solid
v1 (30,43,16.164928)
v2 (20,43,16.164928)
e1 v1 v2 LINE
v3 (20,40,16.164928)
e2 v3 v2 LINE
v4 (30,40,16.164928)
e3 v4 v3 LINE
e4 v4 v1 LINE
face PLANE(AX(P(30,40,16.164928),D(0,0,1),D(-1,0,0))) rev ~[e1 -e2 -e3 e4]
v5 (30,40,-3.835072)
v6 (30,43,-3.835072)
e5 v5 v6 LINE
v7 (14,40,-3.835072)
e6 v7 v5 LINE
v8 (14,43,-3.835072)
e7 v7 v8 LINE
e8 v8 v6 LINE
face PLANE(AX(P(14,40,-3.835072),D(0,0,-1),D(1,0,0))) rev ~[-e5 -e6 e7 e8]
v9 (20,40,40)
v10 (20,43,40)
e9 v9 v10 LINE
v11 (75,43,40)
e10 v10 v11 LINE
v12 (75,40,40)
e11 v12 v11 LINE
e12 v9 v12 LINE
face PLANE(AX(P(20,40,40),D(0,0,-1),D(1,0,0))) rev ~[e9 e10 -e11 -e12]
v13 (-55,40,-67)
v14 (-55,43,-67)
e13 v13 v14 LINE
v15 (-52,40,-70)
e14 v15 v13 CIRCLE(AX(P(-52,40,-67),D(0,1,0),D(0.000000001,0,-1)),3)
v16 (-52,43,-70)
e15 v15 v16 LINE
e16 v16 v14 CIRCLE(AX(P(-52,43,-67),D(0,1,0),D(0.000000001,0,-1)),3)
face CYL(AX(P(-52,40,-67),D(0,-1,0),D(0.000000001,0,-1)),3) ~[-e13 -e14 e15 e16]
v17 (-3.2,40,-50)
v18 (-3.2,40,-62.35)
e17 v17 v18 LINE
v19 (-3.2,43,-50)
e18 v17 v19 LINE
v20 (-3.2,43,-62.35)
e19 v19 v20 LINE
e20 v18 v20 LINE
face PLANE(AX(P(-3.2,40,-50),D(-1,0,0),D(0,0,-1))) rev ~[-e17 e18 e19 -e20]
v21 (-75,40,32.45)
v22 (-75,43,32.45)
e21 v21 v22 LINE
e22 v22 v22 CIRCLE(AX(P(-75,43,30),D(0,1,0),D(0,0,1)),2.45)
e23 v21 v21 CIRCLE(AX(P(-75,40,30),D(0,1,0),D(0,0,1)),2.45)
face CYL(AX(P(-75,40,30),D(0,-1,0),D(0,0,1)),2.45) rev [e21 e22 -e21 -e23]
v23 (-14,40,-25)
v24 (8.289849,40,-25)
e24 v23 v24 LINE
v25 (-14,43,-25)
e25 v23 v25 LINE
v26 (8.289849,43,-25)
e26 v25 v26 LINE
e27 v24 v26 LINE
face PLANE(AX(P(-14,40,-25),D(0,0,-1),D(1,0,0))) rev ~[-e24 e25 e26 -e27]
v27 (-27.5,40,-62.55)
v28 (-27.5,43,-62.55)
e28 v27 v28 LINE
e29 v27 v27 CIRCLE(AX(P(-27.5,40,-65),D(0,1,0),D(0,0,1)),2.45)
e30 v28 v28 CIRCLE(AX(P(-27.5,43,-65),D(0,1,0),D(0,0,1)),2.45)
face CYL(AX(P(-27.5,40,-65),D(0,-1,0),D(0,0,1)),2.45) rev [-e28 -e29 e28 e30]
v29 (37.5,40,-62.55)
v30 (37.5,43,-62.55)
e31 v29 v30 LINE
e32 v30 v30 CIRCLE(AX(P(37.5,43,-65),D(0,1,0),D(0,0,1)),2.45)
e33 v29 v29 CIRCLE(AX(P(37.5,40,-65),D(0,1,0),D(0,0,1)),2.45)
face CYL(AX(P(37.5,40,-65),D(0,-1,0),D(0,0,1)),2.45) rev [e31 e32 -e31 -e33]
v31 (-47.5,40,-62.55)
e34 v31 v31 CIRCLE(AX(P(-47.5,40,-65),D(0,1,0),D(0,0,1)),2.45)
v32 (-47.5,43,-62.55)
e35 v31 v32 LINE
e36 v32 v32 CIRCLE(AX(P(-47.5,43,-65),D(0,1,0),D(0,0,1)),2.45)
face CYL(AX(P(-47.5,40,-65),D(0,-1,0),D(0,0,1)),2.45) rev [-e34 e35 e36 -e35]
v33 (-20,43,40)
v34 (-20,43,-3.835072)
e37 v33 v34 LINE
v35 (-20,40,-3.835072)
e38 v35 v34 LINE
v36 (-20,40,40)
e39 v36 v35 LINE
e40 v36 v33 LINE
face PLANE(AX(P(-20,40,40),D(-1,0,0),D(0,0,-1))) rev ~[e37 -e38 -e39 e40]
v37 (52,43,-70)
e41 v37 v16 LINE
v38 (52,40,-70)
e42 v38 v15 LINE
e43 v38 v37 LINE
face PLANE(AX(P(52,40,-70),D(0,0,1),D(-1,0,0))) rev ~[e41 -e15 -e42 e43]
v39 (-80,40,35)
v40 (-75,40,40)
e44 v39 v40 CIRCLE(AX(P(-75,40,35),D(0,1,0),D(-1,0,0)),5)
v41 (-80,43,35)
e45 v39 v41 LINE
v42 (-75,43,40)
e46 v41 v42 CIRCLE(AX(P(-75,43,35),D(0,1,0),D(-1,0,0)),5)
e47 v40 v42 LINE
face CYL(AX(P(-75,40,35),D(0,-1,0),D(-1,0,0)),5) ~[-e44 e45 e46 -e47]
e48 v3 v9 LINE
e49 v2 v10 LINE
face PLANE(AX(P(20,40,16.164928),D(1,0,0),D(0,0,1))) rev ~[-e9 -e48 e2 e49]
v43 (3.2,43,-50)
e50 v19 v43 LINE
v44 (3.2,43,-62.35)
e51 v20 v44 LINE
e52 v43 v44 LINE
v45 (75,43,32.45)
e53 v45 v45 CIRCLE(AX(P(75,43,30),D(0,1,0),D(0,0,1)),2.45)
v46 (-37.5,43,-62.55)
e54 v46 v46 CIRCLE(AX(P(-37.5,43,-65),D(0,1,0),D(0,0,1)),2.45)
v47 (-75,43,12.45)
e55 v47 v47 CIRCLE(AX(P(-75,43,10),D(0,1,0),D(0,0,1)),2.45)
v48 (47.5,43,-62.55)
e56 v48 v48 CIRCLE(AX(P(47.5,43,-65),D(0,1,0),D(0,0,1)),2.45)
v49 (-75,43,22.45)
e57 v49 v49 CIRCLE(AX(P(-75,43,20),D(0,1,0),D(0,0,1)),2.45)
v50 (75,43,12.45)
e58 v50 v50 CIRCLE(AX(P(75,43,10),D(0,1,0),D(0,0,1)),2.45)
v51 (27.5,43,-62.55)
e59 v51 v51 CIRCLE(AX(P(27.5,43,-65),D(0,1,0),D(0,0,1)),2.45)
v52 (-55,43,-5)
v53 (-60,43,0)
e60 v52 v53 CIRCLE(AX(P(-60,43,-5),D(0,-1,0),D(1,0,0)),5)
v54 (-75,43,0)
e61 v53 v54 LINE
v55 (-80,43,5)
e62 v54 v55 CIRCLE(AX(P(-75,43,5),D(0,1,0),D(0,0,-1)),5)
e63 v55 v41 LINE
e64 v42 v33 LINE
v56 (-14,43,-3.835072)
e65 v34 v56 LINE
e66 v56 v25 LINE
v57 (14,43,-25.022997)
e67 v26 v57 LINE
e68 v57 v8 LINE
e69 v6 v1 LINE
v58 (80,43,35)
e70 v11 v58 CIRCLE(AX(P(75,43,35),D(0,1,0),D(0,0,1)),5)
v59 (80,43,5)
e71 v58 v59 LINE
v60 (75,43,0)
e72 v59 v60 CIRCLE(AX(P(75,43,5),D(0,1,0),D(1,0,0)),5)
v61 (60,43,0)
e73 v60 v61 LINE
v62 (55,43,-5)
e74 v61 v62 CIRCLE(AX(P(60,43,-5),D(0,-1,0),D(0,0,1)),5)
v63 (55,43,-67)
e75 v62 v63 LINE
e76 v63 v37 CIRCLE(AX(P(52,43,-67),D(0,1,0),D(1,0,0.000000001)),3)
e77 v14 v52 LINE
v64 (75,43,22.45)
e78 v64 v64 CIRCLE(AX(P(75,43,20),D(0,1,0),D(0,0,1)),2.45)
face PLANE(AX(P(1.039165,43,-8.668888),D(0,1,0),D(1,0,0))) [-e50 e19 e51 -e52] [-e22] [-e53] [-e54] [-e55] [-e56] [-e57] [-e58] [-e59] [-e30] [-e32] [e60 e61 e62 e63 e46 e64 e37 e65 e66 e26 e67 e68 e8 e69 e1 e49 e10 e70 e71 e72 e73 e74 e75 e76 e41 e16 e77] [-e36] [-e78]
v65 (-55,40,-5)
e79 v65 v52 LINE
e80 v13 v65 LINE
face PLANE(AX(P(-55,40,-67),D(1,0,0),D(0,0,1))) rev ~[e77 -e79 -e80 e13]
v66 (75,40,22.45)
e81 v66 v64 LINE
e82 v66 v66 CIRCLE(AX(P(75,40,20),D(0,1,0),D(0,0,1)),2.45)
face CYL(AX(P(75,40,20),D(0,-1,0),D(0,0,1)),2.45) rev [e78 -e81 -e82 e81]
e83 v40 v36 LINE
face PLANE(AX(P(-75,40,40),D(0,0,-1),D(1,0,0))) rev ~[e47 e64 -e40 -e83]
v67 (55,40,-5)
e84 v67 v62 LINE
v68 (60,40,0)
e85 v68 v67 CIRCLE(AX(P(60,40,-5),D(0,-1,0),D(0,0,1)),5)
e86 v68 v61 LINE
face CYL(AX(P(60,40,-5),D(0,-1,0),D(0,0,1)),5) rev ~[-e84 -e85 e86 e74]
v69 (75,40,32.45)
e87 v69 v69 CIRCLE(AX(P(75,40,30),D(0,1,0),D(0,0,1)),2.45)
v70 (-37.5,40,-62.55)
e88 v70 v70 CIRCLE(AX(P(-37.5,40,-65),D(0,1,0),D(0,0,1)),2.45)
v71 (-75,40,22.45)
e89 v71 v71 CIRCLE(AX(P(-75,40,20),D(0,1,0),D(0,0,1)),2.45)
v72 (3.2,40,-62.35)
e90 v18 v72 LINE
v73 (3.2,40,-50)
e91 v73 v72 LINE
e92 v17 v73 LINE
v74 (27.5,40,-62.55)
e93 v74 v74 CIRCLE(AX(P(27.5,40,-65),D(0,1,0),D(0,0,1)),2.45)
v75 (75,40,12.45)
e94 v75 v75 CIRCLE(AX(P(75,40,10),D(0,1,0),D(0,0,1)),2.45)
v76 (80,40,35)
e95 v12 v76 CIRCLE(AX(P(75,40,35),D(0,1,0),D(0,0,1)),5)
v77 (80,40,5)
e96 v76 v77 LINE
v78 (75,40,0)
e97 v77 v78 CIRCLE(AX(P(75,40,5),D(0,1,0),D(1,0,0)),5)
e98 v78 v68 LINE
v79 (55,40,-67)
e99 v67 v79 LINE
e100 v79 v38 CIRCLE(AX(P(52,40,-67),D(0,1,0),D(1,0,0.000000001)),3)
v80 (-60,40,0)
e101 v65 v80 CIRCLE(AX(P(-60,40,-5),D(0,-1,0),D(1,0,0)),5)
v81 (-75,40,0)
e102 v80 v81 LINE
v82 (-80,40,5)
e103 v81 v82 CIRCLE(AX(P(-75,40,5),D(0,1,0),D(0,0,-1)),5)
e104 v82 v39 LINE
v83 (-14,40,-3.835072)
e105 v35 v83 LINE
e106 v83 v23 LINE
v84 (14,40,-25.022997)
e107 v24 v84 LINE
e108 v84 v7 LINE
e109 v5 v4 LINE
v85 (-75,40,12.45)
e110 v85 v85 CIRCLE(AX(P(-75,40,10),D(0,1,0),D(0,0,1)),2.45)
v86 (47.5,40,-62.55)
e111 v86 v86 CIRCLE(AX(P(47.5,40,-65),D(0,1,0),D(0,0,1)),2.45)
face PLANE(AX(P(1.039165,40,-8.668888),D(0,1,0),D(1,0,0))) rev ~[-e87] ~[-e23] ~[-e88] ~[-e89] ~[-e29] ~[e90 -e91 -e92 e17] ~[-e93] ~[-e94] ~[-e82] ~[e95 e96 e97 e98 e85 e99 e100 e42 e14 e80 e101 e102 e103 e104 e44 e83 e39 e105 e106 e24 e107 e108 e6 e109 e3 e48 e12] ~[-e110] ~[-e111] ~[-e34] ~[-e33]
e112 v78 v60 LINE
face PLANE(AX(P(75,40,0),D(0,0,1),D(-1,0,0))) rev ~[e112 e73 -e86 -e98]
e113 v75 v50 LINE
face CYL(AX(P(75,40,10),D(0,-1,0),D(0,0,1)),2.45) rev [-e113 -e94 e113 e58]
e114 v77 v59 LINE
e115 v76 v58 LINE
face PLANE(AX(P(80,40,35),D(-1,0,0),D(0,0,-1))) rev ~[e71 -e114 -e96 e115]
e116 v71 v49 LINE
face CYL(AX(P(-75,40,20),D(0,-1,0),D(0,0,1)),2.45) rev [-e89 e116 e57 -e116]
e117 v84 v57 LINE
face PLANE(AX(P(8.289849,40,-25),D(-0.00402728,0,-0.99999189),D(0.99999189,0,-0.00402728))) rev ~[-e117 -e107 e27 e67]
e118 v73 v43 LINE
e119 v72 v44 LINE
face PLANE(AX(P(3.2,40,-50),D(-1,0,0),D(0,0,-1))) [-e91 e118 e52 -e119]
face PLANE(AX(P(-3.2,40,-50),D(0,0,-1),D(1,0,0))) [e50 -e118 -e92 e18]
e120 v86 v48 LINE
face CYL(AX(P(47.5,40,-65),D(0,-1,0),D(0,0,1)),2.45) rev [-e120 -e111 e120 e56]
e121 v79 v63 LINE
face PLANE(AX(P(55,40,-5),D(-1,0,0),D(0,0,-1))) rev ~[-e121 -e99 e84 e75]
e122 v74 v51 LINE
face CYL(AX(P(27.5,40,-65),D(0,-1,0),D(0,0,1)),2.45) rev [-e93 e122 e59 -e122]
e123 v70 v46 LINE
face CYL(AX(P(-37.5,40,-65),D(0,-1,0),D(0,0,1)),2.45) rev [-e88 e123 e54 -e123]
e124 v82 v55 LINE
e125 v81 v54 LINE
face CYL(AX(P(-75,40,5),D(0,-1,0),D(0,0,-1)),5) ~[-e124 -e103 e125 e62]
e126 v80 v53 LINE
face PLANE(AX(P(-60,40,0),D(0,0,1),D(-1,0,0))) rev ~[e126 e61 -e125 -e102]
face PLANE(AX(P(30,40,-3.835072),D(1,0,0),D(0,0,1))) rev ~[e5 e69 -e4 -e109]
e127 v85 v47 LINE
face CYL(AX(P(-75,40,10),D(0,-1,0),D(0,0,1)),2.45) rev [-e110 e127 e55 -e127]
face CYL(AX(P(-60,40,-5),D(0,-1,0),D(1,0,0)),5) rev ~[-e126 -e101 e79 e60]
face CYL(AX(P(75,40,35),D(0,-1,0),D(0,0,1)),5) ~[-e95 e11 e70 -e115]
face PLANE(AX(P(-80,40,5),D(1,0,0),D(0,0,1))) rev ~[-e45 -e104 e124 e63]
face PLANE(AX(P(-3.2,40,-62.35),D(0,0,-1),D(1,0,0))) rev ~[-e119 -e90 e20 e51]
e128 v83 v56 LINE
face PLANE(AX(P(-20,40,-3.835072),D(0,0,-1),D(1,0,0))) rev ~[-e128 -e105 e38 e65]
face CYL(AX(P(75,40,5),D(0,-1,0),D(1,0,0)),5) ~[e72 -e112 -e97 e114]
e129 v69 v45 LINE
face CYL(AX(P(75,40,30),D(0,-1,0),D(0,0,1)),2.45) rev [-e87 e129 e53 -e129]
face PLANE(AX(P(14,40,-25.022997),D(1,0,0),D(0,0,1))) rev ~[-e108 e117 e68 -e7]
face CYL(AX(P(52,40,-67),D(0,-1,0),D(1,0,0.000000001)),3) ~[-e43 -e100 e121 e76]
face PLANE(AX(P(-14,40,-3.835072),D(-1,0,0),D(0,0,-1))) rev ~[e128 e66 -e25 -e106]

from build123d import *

# Parameters (mm, degrees)
SKETCH2_W           = 6.4
SKETCH2_H           = 12.35
SKETCH2_R           = 2.45
BOSS_EXTRUDE1_DEPTH = 3


with BuildPart() as part:
    # Sketch2 → Boss-Extrude1 (new body)
    with BuildSketch(Plane(origin=(0, 40, 0), x_dir=(1, 0, 0), z_dir=(0, 1, 0))):
        with BuildLine():
            Line((30, -16.164928148), (20, -16.164928148))
            Line((20, -16.164928148), (20, -40))
            Line((20, -40), (75, -40))
            ThreePointArc((75, -40), (78.535533906, -38.535533906), (80, -35))
            Line((80, -35), (80, -5))
            ThreePointArc((80, -5), (78.535533906, -1.464466094), (75, 0))
            Line((75, 0), (60, 0))
            ThreePointArc((60, 0), (56.464466094, 1.464466094), (55, 5))
            Line((55, 5), (55, 67))
            ThreePointArc((55, 67), (54.121320344, 69.121320344), (52, 70))
            Line((52, 70), (-52, 70))
            ThreePointArc((-52, 70), (-54.121320344, 69.121320344), (-55, 67))
            Line((-55, 67), (-55, 5))
            ThreePointArc((-55, 5), (-56.464466094, 1.464466094), (-60, 0))
            Line((-60, 0), (-75, 0))
            ThreePointArc((-75, 0), (-78.535533906, -1.464466094), (-80, -5))
            Line((-80, -5), (-80, -35))
            ThreePointArc((-80, -35), (-78.535533906, -38.535533906), (-75, -40))
            Line((-75, -40), (-20, -40))
            Line((-20, -40), (-20, 3.835071852))
            Line((-20, 3.835071852), (-14, 3.835071852))
            Line((-14, 3.835071852), (-14, 25))
            Line((-14, 25), (8.289849185, 25))
            Line((8.289849185, 25), (14, 25.022996562))
            Line((14, 25.022996562), (14, 3.835071852))
            Line((14, 3.835071852), (30, 3.835071852))
            Line((30, 3.835071852), (30, -16.164928148))
        make_face()
        with Locations((0, 56.175)):
            Rectangle(SKETCH2_W, SKETCH2_H, mode=Mode.SUBTRACT)
        with Locations(Location((-75, -30, 0), (0, 0, 270))):
            Circle(SKETCH2_R, mode=Mode.SUBTRACT)
        with Locations(Location((-75, -20, 0), (0, 0, 270))):
            Circle(SKETCH2_R, mode=Mode.SUBTRACT)
        with Locations(Location((-75, -10, 0), (0, 0, 270))):
            Circle(SKETCH2_R, mode=Mode.SUBTRACT)
        with Locations(Location((75, -30, 0), (0, 0, 270))):
            Circle(SKETCH2_R, mode=Mode.SUBTRACT)
        with Locations(Location((75, -20, 0), (0, 0, 270))):
            Circle(SKETCH2_R, mode=Mode.SUBTRACT)
        with Locations(Location((75, -10, 0), (0, 0, 270))):
            Circle(SKETCH2_R, mode=Mode.SUBTRACT)
        with Locations(Location((-47.5, 65, 0), (0, 0, 270))):
            Circle(SKETCH2_R, mode=Mode.SUBTRACT)
        with Locations(Location((-37.5, 65, 0), (0, 0, 270))):
            Circle(SKETCH2_R, mode=Mode.SUBTRACT)
        with Locations(Location((-27.5, 65, 0), (0, 0, 270))):
            Circle(SKETCH2_R, mode=Mode.SUBTRACT)
        with Locations(Location((27.5, 65, 0), (0, 0, 270))):
            Circle(SKETCH2_R, mode=Mode.SUBTRACT)
        with Locations(Location((37.5, 65, 0), (0, 0, 270))):
            Circle(SKETCH2_R, mode=Mode.SUBTRACT)
        with Locations(Location((47.5, 65, 0), (0, 0, 270))):
            Circle(SKETCH2_R, mode=Mode.SUBTRACT)
    extrude(amount=BOSS_EXTRUDE1_DEPTH)


solid = part.part
